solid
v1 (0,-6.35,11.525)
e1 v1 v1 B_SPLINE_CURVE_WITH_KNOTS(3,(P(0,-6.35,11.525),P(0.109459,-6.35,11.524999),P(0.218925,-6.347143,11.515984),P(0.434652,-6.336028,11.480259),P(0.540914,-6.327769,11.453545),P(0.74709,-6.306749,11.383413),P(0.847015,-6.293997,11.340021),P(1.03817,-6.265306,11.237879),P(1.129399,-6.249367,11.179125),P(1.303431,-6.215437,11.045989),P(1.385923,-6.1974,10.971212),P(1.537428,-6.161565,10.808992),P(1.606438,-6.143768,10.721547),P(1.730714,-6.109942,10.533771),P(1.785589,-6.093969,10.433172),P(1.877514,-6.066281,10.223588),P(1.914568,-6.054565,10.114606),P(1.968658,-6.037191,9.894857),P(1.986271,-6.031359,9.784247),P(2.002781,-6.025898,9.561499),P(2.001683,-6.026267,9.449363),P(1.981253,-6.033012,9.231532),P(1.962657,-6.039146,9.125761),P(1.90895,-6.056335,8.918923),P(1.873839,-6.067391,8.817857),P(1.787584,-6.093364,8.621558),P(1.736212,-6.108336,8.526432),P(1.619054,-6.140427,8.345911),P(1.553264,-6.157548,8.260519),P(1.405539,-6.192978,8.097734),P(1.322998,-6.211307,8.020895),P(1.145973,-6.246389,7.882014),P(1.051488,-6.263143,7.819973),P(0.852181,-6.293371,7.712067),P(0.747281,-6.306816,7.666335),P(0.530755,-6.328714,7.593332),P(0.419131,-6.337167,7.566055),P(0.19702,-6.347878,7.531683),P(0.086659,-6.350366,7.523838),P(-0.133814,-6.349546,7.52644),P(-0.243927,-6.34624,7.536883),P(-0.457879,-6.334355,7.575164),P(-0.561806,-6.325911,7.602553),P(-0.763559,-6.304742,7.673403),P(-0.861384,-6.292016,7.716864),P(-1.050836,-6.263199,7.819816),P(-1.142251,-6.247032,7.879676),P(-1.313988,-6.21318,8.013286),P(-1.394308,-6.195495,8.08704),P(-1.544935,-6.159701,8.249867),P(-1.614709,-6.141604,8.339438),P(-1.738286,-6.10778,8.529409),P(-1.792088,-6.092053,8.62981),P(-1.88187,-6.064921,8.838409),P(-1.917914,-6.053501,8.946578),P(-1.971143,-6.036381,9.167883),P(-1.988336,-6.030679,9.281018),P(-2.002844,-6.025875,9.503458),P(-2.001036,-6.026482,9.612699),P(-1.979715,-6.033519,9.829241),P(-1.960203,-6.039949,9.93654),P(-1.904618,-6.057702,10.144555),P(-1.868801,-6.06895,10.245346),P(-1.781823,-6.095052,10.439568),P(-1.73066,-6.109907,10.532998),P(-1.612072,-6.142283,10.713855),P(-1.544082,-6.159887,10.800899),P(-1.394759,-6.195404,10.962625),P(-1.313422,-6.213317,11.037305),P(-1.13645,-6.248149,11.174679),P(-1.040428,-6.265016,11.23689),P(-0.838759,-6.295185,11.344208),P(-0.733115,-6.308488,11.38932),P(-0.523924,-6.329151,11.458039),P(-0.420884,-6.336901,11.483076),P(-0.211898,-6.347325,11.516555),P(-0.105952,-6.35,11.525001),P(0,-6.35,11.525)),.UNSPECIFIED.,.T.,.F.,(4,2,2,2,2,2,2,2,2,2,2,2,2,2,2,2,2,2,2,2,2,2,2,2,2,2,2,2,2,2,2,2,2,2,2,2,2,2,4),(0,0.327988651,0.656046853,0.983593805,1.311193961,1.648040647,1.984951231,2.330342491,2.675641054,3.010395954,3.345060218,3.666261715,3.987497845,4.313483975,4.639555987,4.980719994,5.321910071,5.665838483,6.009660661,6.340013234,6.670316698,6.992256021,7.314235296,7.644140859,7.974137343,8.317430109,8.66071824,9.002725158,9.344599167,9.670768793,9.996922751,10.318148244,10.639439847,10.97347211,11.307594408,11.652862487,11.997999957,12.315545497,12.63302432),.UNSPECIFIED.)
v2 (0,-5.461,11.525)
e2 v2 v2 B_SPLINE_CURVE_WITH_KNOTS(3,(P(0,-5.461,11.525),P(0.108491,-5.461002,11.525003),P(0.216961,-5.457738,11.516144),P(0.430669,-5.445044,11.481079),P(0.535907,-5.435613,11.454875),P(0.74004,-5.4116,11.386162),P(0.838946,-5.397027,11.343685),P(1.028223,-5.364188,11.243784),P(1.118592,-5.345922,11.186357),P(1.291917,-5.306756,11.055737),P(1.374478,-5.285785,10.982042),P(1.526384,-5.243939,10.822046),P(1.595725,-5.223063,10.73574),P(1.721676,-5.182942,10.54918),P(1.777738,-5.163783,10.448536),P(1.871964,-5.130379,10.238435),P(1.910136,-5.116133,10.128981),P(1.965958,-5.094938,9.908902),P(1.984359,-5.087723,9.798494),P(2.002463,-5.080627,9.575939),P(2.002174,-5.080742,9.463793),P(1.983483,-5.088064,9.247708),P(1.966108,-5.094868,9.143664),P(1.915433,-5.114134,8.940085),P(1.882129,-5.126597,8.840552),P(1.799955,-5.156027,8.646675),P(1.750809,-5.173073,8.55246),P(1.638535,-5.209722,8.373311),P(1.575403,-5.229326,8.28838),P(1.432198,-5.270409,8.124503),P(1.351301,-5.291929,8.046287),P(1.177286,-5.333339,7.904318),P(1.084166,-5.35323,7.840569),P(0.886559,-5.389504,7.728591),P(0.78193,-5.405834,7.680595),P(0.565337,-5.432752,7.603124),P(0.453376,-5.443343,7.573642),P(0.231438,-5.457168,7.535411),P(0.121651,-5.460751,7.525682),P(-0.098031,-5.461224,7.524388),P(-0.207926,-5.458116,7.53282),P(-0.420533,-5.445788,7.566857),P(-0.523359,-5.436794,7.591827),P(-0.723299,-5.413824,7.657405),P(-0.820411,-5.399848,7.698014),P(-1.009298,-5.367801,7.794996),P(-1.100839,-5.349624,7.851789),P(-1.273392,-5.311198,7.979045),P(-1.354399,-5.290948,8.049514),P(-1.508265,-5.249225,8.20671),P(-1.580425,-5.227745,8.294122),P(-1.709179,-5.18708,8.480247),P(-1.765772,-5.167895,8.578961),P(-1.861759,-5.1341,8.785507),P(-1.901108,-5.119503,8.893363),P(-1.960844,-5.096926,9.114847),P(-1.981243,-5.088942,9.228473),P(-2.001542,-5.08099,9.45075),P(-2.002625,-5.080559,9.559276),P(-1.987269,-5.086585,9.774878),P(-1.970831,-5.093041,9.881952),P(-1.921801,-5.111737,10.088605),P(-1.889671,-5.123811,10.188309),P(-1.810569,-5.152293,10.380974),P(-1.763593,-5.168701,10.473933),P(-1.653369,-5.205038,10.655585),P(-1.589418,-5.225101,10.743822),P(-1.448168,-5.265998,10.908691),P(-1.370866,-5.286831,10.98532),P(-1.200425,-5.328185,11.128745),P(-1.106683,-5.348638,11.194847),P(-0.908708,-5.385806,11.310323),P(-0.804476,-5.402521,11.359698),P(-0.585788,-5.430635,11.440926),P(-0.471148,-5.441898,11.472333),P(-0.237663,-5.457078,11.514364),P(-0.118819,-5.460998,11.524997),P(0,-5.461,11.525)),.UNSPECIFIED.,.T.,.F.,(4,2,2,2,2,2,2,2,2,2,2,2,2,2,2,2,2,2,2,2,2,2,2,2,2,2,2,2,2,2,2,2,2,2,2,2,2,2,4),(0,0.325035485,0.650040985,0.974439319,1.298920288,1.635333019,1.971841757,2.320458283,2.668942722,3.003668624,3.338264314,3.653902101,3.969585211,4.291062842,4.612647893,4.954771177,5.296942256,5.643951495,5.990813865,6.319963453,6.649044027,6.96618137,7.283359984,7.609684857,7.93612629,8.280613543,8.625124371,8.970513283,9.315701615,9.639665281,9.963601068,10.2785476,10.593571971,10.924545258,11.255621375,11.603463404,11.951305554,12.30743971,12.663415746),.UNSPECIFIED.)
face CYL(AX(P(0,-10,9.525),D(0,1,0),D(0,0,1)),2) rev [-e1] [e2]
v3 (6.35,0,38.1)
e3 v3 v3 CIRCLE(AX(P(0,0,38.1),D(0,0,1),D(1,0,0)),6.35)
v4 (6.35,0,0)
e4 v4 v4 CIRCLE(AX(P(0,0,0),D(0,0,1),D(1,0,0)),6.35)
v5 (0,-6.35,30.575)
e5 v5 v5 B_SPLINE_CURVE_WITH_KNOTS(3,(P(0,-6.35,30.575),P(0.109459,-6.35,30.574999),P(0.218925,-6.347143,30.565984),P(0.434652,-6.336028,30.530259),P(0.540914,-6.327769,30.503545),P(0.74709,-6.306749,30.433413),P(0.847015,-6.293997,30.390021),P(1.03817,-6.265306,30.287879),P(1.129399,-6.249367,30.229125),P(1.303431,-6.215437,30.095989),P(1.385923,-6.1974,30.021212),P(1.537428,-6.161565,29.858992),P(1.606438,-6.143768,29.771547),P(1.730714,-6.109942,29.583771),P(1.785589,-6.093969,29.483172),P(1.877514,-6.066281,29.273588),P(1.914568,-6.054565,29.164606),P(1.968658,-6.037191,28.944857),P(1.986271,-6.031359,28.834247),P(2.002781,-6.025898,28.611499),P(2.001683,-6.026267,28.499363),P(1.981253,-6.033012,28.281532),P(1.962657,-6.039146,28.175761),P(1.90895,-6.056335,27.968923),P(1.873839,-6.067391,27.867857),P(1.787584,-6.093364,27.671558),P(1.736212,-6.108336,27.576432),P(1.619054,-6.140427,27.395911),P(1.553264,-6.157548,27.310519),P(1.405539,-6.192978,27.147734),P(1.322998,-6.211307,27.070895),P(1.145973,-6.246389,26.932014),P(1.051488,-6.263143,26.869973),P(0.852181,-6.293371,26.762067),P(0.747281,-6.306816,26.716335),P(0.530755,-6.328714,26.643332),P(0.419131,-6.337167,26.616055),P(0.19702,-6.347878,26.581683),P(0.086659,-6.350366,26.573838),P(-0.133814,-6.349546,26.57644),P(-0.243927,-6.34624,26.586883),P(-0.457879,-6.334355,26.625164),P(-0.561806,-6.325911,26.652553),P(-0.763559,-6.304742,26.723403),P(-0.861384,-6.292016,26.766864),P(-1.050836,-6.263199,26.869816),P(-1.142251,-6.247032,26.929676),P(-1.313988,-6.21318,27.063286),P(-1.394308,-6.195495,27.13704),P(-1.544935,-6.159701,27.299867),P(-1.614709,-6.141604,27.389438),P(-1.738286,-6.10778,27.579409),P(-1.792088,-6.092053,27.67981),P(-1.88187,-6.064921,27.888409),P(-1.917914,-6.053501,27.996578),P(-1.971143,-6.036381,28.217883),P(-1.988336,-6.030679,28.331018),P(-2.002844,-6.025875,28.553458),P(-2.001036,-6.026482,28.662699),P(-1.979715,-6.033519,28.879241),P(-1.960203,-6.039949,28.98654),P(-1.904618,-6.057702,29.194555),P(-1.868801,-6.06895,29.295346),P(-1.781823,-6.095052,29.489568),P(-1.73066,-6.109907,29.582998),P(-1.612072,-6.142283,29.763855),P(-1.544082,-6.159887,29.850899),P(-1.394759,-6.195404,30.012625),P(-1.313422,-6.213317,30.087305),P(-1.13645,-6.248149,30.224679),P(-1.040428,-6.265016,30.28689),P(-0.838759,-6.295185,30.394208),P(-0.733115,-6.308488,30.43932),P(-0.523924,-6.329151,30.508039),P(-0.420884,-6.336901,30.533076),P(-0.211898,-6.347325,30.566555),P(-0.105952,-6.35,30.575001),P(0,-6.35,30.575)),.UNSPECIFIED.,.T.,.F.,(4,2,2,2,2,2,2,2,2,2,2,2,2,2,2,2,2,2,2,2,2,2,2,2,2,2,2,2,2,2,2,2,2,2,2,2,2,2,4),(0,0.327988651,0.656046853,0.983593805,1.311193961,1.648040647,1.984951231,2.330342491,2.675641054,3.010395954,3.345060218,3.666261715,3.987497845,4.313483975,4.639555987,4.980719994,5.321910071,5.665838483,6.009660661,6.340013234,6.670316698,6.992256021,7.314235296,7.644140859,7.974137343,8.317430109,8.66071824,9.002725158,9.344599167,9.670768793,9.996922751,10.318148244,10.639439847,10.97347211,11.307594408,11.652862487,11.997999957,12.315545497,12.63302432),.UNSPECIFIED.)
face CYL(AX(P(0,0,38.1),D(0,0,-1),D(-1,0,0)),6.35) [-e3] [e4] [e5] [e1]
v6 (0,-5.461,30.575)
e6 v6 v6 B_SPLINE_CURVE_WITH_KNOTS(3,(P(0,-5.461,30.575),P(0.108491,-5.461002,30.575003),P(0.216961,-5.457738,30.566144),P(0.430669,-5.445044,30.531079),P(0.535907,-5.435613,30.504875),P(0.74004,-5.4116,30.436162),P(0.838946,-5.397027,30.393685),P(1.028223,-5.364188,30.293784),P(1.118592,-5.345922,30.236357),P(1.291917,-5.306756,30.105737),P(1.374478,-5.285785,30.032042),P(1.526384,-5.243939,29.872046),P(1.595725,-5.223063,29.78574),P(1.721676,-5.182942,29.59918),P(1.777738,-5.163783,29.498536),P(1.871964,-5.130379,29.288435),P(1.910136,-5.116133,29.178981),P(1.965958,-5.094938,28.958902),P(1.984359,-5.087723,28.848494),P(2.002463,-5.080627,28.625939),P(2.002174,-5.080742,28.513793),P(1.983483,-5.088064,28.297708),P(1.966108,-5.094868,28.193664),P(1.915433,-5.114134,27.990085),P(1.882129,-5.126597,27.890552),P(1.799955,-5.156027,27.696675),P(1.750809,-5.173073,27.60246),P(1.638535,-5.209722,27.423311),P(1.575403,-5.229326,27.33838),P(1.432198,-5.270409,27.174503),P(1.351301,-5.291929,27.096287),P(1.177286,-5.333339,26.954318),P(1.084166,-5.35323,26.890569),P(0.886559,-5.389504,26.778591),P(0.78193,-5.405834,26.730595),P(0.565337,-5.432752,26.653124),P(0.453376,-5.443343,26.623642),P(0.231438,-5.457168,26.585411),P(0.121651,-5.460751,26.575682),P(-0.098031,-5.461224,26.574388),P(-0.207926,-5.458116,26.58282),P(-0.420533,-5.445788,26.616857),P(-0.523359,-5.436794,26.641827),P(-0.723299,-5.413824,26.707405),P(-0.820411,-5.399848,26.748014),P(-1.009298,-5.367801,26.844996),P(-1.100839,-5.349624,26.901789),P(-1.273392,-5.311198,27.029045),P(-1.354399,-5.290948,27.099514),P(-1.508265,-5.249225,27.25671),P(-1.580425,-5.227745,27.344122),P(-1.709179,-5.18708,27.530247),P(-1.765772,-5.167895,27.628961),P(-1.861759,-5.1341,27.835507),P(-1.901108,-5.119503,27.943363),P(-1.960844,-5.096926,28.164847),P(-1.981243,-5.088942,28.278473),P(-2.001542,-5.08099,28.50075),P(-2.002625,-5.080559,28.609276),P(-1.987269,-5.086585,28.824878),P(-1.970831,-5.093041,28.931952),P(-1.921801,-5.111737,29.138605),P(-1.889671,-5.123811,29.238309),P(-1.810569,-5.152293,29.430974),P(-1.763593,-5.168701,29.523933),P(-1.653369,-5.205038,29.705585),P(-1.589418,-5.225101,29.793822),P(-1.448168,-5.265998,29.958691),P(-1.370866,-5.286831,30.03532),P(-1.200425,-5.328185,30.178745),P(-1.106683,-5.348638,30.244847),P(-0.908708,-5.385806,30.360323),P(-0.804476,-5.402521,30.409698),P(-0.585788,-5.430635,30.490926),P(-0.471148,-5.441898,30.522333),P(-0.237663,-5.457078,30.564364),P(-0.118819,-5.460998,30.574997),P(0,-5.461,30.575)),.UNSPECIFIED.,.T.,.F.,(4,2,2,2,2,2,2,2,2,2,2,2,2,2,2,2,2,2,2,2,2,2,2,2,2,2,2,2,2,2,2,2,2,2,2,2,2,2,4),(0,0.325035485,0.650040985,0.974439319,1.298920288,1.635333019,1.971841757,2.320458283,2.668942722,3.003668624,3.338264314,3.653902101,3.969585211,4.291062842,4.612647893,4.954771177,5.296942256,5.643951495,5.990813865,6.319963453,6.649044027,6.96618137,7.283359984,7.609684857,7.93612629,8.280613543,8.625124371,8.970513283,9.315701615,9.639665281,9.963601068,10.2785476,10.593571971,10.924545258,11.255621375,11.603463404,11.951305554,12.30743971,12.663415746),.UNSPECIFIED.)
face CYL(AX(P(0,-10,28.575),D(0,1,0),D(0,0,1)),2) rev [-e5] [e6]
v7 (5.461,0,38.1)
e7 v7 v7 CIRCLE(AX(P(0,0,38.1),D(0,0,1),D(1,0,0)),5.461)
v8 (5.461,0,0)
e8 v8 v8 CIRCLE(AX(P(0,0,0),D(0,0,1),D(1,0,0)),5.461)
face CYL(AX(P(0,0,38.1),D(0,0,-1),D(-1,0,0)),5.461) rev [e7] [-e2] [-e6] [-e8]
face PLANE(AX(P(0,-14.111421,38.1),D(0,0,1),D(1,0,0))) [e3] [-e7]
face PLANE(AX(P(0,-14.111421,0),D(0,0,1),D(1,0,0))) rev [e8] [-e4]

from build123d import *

# Parameters (mm, degrees)
SKETCH1_R          = 6.35
SKETCH1_R_2        = 5.461
EXTRUDE1_DEPTH     = 38.1
SKETCH2_R          = 2
CUT_EXTRUDE1_DEPTH = 10


with BuildPart() as part:
    # Sketch1 → Extrude1 (new body)
    with BuildSketch(Plane.XY):
        with Locations(Location((0, 0, 0), (0, 0, 180))):
            Circle(SKETCH1_R)
        with Locations(Location((0, 0, 0), (0, 0, 180))):
            Circle(SKETCH1_R_2, mode=Mode.SUBTRACT)
    extrude(amount=EXTRUDE1_DEPTH)

    # Sketch2 → Cut-Extrude1 (cut)
    with BuildSketch(Plane(origin=(0, 0, 0), x_dir=(1, 0, 0), z_dir=(0, 1, 0))):
        with Locations(Location((0, -9.525, 0), (0, 0, 270))):
            Circle(SKETCH2_R)
        with Locations(Location((0, -28.575, 0), (0, 0, 270))):
            Circle(SKETCH2_R)
    extrude(amount=-CUT_EXTRUDE1_DEPTH, mode=Mode.SUBTRACT)


solid = part.part
